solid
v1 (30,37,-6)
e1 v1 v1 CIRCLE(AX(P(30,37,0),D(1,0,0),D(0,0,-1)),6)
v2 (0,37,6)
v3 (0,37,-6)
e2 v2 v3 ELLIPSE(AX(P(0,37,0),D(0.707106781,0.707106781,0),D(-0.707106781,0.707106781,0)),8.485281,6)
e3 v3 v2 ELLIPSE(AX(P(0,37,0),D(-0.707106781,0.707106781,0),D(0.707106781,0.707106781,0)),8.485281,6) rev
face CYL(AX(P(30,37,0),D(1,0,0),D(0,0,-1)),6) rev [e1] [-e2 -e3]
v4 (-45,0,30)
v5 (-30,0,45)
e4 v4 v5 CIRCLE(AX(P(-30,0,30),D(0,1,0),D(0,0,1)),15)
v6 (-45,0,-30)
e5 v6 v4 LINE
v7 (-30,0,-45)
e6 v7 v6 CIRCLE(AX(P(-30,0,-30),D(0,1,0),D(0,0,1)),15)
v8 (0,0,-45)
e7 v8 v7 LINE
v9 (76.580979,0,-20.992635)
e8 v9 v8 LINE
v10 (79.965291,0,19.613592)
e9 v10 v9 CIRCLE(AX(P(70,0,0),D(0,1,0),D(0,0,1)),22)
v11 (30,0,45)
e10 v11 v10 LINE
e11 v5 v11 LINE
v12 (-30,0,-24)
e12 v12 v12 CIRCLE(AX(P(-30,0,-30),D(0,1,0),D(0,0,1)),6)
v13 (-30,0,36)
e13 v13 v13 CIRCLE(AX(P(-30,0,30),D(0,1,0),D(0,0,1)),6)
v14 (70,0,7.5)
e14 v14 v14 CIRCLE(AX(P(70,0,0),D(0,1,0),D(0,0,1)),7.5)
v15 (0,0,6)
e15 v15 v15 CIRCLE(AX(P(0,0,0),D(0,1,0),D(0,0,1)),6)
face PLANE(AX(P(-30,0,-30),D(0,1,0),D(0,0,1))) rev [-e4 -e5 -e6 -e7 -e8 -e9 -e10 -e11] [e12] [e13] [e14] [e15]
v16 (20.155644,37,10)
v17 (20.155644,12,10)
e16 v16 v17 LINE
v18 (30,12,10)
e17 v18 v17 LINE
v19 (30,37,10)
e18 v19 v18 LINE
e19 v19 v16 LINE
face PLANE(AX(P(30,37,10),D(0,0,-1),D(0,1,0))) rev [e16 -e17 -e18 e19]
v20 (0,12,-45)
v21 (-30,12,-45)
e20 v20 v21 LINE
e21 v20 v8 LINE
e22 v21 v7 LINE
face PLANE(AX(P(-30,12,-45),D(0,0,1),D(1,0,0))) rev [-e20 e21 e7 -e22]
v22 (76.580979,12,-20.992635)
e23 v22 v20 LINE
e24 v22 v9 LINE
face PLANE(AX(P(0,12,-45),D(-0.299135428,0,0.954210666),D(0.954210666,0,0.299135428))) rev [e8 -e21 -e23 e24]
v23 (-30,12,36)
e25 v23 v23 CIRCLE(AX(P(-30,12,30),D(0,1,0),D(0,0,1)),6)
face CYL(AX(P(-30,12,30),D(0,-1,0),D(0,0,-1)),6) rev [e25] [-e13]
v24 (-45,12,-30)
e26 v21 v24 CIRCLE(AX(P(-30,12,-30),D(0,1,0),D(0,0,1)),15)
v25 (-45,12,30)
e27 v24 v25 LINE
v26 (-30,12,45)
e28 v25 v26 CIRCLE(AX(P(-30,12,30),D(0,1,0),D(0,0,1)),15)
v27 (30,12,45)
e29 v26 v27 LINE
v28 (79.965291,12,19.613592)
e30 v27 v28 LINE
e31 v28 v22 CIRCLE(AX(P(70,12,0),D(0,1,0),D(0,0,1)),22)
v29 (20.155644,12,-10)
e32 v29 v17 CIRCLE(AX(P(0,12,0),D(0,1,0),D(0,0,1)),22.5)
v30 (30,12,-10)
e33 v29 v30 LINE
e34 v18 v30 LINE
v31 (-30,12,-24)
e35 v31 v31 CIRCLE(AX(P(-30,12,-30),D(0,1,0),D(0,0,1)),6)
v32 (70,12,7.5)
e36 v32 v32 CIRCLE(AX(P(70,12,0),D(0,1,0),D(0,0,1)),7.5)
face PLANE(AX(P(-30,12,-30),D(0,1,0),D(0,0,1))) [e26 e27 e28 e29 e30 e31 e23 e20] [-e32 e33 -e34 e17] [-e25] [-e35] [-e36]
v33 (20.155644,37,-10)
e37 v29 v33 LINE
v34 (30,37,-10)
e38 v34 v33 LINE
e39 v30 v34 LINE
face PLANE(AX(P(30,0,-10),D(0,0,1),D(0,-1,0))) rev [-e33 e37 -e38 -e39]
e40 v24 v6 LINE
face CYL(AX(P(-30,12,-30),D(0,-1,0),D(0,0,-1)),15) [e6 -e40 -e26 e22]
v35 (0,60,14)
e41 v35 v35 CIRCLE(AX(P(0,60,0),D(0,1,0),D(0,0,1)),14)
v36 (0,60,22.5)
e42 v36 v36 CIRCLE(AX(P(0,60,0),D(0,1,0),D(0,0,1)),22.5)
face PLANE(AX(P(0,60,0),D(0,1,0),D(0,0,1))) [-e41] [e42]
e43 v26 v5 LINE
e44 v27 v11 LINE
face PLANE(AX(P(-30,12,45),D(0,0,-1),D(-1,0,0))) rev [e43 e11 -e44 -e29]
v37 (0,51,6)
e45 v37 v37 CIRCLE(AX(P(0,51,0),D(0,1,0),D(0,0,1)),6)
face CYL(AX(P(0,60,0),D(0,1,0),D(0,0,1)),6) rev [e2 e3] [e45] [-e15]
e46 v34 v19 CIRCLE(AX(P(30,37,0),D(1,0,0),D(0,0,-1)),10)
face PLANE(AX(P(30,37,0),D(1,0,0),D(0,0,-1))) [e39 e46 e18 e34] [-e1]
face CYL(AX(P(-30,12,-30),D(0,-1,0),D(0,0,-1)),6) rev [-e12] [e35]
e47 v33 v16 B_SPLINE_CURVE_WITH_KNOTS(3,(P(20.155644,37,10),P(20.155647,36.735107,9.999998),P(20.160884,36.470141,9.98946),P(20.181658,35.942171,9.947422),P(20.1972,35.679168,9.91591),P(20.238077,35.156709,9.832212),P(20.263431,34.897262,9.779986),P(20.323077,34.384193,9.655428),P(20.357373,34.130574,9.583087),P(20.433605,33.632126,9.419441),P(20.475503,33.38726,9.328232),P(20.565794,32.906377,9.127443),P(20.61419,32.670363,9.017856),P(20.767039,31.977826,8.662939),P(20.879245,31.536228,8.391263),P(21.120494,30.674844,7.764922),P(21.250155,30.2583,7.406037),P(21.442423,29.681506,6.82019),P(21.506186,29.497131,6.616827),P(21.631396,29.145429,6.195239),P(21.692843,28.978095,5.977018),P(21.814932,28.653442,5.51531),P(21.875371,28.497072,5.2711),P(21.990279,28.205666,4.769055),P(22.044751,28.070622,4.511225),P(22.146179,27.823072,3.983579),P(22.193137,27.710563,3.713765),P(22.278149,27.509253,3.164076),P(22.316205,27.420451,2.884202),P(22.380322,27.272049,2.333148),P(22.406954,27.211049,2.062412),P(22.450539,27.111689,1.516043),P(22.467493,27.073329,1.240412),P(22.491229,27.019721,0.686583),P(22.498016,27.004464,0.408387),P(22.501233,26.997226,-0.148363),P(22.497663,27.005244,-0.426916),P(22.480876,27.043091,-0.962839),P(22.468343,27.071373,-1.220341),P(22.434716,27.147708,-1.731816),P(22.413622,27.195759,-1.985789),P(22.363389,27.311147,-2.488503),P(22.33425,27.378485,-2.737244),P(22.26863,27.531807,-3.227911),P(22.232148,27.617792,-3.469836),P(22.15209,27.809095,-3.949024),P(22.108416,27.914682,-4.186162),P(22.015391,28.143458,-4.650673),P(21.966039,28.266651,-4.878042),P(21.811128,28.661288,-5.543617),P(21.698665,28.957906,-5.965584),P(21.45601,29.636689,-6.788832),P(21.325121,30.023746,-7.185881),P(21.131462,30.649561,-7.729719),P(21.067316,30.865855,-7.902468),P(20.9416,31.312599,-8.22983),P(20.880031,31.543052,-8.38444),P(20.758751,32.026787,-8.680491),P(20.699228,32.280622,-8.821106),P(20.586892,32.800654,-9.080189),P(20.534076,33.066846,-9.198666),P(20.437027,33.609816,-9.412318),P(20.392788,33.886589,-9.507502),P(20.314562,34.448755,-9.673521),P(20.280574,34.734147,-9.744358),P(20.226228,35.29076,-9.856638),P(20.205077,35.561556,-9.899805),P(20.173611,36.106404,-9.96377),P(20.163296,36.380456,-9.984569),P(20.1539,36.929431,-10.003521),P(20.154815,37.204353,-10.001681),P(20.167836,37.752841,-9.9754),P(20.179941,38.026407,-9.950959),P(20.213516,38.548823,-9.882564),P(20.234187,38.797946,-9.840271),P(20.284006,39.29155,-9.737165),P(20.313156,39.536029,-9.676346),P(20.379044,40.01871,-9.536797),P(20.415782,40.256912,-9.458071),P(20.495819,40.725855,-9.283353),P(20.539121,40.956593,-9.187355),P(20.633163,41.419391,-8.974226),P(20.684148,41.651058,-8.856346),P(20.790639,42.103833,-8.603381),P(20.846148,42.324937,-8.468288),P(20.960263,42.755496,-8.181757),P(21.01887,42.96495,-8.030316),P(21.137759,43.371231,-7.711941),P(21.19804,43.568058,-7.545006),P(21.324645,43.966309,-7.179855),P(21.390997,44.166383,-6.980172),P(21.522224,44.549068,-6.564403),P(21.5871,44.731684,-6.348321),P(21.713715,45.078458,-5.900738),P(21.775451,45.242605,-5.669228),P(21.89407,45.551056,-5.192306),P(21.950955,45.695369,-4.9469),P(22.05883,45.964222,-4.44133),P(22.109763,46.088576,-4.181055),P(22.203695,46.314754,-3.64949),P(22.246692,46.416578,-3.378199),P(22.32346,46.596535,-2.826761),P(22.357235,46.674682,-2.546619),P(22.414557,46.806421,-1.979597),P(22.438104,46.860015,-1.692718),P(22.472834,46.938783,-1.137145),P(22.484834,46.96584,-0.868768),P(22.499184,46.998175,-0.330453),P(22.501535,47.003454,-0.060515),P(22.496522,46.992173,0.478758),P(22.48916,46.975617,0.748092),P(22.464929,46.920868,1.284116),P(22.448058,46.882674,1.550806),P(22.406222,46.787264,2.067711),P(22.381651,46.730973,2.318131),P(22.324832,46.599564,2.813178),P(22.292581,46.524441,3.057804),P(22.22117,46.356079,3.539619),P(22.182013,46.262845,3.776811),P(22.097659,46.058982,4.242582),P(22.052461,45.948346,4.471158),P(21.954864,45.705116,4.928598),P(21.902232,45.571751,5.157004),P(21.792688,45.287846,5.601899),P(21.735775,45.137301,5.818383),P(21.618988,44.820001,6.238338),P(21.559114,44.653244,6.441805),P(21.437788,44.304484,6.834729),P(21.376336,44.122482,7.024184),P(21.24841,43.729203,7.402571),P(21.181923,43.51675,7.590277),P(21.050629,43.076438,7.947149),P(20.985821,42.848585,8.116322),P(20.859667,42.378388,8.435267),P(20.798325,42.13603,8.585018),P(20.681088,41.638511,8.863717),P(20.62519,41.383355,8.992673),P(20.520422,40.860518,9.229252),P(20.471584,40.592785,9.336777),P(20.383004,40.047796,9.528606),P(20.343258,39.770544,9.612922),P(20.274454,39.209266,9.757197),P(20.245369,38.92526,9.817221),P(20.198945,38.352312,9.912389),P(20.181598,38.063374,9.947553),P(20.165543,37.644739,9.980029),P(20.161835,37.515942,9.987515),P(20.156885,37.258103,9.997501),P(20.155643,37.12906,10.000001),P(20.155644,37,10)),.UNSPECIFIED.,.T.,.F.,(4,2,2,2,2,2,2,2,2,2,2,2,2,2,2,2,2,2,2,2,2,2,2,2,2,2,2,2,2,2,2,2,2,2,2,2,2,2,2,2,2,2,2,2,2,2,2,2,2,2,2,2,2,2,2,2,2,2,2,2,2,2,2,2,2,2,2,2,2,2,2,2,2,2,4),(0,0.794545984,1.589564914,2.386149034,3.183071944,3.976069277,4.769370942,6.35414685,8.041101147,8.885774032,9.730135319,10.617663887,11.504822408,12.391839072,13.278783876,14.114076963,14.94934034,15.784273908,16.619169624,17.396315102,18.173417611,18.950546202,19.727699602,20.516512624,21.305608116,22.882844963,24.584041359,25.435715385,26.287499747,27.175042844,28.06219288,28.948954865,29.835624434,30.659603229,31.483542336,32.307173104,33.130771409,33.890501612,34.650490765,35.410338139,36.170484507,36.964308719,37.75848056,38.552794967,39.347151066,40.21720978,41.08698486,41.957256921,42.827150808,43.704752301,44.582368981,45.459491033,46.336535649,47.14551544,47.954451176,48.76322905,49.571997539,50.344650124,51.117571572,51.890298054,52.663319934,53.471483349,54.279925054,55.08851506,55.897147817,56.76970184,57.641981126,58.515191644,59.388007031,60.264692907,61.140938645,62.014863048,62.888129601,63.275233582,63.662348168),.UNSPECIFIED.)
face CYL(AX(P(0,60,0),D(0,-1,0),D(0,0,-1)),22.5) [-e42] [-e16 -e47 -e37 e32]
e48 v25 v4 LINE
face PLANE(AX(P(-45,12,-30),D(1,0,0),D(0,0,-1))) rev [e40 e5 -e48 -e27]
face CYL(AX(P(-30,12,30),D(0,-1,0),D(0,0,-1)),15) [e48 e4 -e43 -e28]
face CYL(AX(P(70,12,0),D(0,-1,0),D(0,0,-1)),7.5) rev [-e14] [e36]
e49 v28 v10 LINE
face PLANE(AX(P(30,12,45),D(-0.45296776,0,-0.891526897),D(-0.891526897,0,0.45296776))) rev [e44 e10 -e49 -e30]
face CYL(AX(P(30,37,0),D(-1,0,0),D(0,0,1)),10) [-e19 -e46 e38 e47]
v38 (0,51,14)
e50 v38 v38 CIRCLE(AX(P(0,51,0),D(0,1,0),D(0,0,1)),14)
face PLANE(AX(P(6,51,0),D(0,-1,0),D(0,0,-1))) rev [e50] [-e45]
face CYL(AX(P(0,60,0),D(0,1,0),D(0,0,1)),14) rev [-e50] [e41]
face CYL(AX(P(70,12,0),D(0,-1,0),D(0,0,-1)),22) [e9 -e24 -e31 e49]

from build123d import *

# Parameters (mm, degrees)
SKETCH1_R           = 6
SKETCH1_R_2         = 7.5
BOSS_EXTRUDE1_DEPTH = 12
SKETCH2_R           = 22.5
BOSS_EXTRUDE2_DEPTH = 48
HOLE1_D             = 12
HOLE1_DEPTH         = 100
HOLE1_CBORE_D       = 28
HOLE1_CBORE_DEPTH   = 9
BOSS_EXTRUDE5_START = 15
BOSS_EXTRUDE5_DEPTH = 15
HOLE2_REACH         = 108.066
HOLE2_BORE_R        = 6


with BuildPart() as part:
    # Sketch1 → Boss-Extrude1 (new body)
    with BuildSketch(Plane(origin=(0, 0, 0), x_dir=(1, 0, 0), z_dir=(0, 1, 0))):
        with BuildLine():
            Line((-45, 30), (-45, -30))
            ThreePointArc((-45, -30), (-40.606601718, -40.606601718), (-30, -45))
            Line((-30, -45), (30, -45))
            Line((30, -45), (79.965290711, -19.613591743))
            ThreePointArc((79.965290711, -19.613591743), (91.923986167, 1.827246717), (76.580979422, 20.992634657))
            Line((76.580979422, 20.992634657), (0, 45))
            Line((0, 45), (-30, 45))
            ThreePointArc((-30, 45), (-40.606601718, 40.606601718), (-45, 30))
        make_face()
        with Locations(Location((-30, 30, 0), (0, 0, 270))):
            Circle(SKETCH1_R, mode=Mode.SUBTRACT)
        with Locations(Location((-30, -30, 0), (0, 0, 270))):
            Circle(SKETCH1_R, mode=Mode.SUBTRACT)
        with Locations(Location((70, 0, 0), (0, 0, 270))):
            Circle(SKETCH1_R_2, mode=Mode.SUBTRACT)
    extrude(amount=BOSS_EXTRUDE1_DEPTH)

    # Sketch2 → Boss-Extrude2 (add)
    with BuildSketch(Plane(origin=(0, 12, 0), x_dir=(1, 0, 0), z_dir=(0, 1, 0))):
        with Locations(Location((0, 0, 0), (0, 0, 270))):
            Circle(SKETCH2_R)
    extrude(amount=BOSS_EXTRUDE2_DEPTH)

    # Hole1
    with Locations(Plane(origin=(0, 60, 0), x_dir=(1, 0, 0), z_dir=(0, 1, 0))):
        with Locations((0, 0)):
            CounterBoreHole(HOLE1_D / 2, HOLE1_CBORE_D / 2, HOLE1_CBORE_DEPTH, depth=HOLE1_DEPTH)

    # Sketch5 → Boss-Extrude5 (add)
    with BuildSketch(Plane(origin=(0, 0, 0), x_dir=(0, 0, -1), z_dir=(1, 0, 0)).offset(BOSS_EXTRUDE5_START)):
        with BuildLine():
            Line((-10, 37), (-10, 0))
            Line((-10, 0), (10, 0))
            Line((10, 0), (10, 37))
            ThreePointArc((10, 37), (0, 47), (-10, 37))
        make_face()
    extrude(amount=BOSS_EXTRUDE5_DEPTH)

    # Hole2 bore → Hole2 (cut, up to next)
    with BuildSketch(Plane(origin=(30, 0, 0), x_dir=(0, 0, -1), z_dir=(1, 0, 0)), mode=Mode.PRIVATE) as hole2_sk1:
        with Locations((0, 37)):
            Circle(HOLE2_BORE_R)
    hole2_tool1 = extrude(hole2_sk1.sketch, amount=-HOLE2_REACH, mode=Mode.PRIVATE) & part.part
    add(hole2_tool1.solids().sort_by_distance((30, 37, 0))[0], mode=Mode.SUBTRACT)


solid = part.part
